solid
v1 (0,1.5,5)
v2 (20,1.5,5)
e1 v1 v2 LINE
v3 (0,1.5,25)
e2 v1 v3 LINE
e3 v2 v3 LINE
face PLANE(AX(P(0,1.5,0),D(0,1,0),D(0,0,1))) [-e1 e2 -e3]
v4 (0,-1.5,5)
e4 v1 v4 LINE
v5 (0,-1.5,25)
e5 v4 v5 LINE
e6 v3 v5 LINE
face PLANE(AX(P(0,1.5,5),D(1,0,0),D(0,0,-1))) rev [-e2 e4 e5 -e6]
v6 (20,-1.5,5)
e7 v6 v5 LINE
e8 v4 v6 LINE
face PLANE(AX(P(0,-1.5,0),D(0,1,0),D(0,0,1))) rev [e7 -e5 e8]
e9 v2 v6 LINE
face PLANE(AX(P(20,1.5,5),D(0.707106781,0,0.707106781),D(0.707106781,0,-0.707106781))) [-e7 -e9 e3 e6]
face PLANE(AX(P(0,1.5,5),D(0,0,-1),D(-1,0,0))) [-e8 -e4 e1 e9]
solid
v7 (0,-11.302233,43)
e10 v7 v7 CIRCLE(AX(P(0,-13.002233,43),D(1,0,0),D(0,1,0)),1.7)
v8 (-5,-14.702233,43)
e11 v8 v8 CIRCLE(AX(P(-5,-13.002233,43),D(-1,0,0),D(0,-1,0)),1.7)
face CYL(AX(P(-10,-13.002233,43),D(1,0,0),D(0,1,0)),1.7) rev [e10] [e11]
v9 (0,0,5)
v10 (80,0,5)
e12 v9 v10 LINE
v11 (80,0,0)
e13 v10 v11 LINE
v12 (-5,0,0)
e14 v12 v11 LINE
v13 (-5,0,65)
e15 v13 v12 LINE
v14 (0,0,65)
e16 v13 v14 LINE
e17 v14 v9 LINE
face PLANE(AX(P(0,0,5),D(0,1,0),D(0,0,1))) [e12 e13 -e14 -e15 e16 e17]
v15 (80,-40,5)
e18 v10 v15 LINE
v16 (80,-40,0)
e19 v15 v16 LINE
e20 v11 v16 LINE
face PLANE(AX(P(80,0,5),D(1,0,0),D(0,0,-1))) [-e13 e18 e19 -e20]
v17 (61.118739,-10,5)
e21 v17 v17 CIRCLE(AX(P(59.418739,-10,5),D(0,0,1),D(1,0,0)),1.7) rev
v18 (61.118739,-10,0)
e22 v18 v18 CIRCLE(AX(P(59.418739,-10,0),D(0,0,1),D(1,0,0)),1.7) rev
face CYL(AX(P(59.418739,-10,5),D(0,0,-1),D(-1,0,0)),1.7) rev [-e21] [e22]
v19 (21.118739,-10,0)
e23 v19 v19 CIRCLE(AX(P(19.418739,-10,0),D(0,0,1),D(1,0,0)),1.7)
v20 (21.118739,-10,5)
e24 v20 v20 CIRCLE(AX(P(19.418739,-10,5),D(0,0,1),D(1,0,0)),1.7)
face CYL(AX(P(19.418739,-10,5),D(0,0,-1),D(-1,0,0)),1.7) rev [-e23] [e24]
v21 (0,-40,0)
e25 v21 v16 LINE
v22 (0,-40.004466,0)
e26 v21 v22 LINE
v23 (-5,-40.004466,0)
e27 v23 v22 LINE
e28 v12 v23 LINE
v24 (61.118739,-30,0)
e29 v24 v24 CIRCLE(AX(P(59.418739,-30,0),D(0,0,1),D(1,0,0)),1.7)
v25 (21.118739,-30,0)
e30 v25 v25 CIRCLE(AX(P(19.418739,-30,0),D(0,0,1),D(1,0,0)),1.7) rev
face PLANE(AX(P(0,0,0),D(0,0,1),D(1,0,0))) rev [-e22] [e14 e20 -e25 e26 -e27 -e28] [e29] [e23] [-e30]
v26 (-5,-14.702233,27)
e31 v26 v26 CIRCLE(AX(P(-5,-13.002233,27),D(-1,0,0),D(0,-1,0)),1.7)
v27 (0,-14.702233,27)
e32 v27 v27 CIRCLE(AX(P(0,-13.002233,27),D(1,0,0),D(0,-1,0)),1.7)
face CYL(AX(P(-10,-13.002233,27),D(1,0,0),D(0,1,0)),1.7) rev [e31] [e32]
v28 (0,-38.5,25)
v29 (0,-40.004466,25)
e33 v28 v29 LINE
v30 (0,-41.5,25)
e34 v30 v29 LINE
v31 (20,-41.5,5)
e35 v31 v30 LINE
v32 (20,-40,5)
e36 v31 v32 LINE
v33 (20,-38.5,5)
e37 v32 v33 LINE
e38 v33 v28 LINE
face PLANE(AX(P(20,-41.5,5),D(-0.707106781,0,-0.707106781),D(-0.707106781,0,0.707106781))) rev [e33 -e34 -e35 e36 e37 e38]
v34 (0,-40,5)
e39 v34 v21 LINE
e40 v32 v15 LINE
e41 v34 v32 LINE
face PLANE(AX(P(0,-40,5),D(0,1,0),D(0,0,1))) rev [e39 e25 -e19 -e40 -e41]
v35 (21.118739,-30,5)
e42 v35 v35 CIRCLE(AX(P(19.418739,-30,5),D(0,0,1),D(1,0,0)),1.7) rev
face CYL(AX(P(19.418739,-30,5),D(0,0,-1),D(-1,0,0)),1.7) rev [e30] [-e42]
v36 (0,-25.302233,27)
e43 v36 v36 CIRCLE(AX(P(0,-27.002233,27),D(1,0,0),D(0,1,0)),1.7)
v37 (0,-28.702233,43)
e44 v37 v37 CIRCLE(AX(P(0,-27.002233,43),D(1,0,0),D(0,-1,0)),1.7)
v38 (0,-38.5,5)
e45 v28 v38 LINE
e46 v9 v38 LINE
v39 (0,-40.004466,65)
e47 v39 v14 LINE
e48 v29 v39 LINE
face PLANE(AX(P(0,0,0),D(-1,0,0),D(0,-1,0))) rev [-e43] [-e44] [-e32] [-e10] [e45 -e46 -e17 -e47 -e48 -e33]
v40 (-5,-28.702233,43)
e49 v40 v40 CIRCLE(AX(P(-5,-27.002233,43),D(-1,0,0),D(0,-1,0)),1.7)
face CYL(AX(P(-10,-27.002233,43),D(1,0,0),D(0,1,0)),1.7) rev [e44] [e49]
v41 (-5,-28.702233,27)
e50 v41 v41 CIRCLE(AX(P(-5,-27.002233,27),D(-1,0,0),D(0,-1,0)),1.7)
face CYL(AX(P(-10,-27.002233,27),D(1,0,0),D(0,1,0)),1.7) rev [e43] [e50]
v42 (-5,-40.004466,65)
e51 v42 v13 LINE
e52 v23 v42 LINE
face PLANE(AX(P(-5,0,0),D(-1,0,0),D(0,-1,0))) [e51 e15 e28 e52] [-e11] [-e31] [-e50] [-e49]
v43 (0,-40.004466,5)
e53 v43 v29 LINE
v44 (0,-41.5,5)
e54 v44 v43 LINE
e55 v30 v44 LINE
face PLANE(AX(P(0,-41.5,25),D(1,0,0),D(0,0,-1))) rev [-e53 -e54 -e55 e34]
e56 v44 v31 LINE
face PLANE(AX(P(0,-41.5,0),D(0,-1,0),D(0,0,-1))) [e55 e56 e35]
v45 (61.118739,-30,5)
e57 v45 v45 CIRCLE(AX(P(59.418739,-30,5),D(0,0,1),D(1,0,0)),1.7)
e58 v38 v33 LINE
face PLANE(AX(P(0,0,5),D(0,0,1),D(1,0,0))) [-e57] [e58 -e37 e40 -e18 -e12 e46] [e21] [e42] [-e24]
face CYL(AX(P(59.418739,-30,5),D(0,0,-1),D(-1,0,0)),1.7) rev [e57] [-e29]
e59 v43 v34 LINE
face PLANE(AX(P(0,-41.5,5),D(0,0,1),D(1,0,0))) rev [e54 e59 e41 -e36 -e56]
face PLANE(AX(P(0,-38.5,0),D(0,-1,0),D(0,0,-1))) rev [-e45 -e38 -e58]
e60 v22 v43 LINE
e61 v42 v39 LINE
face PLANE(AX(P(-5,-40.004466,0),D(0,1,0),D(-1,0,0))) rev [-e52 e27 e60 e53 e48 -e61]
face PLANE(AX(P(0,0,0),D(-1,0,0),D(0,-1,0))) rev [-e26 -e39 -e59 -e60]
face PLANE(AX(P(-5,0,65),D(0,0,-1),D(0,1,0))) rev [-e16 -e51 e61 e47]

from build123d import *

# Parameters (mm, degrees)
SKETCH_1_W          = 80
SKETCH_1_H          = 40
SKETCH_1_R          = 1.7
EXTRUDE_1_DEPTH     = 5
SKETCH_4_W          = 65
SKETCH_4_H          = 40.004466265
EXTRUDE_4_DEPTH     = 5
SKETCH_5_R          = 1.7
CUT_EXTRUDE_1_DEPTH = 10
EXTRUDE_6_DEPTH     = 1.5
EXTRUDE_7_DEPTH     = 1.5


with BuildPart() as part:
    # 草图1 → 凸台-拉伸1 (new body)
    with BuildSketch(Plane.XY):
        with Locations((40, -20)):
            Rectangle(SKETCH_1_W, SKETCH_1_H)
        with Locations((19.418738728, -30)):
            Circle(SKETCH_1_R, mode=Mode.SUBTRACT)
        with Locations((59.418738728, -30)):
            Circle(SKETCH_1_R, mode=Mode.SUBTRACT)
        with BuildLine():
            ThreePointArc((21.118738728, -10), (20.620820256, -11.202081528), (19.418738728, -11.7))
            ThreePointArc((19.418738728, -11.7), (18.2166572, -8.797918472), (21.118738728, -10))
        make_face(mode=Mode.SUBTRACT)
        with Locations((59.418738728, -10)):
            Circle(SKETCH_1_R, mode=Mode.SUBTRACT)
    extrude(amount=EXTRUDE_1_DEPTH)

    # 草图4 → 凸台-拉伸4 (add)
    with BuildSketch(Plane.ZY):
        with Locations((32.5, -20.002233133)):
            Rectangle(SKETCH_4_W, SKETCH_4_H)
    extrude(amount=EXTRUDE_4_DEPTH)

    # 草图5 → 切除-拉伸1 (cut)
    with BuildSketch(Plane(origin=(0, 0, 0), x_dir=(0, 0, -1), z_dir=(1, 0, 0))):
        with Locations((-43, -13.002233132)):
            Circle(SKETCH_5_R)
        with Locations((-27, -13.002233132)):
            Circle(SKETCH_5_R)
        with Locations((-27, -27.002233132)):
            Circle(SKETCH_5_R)
        with Locations((-43, -27.002233132)):
            Circle(SKETCH_5_R)
    extrude(amount=-CUT_EXTRUDE_1_DEPTH, mode=Mode.SUBTRACT)

    # 草图8 → 凸台-拉伸7 (add, symmetric)
    with BuildSketch(Plane.XZ.offset(40)):
        Polygon((0, 5), (20, 5), (0, 25), align=None)
    extrude(amount=EXTRUDE_7_DEPTH, both=True)


with BuildPart() as body_2:
    # 草图6 → 凸台-拉伸6 (new, symmetric)
    with BuildSketch(Plane(origin=(0, 0, 0), x_dir=(1, 0, 0), z_dir=(0, 1, 0))):
        Polygon((0, -5), (20, -5), (0, -25), align=None)
    extrude(amount=EXTRUDE_6_DEPTH, both=True)


solid = Compound([part.part, body_2.part])
